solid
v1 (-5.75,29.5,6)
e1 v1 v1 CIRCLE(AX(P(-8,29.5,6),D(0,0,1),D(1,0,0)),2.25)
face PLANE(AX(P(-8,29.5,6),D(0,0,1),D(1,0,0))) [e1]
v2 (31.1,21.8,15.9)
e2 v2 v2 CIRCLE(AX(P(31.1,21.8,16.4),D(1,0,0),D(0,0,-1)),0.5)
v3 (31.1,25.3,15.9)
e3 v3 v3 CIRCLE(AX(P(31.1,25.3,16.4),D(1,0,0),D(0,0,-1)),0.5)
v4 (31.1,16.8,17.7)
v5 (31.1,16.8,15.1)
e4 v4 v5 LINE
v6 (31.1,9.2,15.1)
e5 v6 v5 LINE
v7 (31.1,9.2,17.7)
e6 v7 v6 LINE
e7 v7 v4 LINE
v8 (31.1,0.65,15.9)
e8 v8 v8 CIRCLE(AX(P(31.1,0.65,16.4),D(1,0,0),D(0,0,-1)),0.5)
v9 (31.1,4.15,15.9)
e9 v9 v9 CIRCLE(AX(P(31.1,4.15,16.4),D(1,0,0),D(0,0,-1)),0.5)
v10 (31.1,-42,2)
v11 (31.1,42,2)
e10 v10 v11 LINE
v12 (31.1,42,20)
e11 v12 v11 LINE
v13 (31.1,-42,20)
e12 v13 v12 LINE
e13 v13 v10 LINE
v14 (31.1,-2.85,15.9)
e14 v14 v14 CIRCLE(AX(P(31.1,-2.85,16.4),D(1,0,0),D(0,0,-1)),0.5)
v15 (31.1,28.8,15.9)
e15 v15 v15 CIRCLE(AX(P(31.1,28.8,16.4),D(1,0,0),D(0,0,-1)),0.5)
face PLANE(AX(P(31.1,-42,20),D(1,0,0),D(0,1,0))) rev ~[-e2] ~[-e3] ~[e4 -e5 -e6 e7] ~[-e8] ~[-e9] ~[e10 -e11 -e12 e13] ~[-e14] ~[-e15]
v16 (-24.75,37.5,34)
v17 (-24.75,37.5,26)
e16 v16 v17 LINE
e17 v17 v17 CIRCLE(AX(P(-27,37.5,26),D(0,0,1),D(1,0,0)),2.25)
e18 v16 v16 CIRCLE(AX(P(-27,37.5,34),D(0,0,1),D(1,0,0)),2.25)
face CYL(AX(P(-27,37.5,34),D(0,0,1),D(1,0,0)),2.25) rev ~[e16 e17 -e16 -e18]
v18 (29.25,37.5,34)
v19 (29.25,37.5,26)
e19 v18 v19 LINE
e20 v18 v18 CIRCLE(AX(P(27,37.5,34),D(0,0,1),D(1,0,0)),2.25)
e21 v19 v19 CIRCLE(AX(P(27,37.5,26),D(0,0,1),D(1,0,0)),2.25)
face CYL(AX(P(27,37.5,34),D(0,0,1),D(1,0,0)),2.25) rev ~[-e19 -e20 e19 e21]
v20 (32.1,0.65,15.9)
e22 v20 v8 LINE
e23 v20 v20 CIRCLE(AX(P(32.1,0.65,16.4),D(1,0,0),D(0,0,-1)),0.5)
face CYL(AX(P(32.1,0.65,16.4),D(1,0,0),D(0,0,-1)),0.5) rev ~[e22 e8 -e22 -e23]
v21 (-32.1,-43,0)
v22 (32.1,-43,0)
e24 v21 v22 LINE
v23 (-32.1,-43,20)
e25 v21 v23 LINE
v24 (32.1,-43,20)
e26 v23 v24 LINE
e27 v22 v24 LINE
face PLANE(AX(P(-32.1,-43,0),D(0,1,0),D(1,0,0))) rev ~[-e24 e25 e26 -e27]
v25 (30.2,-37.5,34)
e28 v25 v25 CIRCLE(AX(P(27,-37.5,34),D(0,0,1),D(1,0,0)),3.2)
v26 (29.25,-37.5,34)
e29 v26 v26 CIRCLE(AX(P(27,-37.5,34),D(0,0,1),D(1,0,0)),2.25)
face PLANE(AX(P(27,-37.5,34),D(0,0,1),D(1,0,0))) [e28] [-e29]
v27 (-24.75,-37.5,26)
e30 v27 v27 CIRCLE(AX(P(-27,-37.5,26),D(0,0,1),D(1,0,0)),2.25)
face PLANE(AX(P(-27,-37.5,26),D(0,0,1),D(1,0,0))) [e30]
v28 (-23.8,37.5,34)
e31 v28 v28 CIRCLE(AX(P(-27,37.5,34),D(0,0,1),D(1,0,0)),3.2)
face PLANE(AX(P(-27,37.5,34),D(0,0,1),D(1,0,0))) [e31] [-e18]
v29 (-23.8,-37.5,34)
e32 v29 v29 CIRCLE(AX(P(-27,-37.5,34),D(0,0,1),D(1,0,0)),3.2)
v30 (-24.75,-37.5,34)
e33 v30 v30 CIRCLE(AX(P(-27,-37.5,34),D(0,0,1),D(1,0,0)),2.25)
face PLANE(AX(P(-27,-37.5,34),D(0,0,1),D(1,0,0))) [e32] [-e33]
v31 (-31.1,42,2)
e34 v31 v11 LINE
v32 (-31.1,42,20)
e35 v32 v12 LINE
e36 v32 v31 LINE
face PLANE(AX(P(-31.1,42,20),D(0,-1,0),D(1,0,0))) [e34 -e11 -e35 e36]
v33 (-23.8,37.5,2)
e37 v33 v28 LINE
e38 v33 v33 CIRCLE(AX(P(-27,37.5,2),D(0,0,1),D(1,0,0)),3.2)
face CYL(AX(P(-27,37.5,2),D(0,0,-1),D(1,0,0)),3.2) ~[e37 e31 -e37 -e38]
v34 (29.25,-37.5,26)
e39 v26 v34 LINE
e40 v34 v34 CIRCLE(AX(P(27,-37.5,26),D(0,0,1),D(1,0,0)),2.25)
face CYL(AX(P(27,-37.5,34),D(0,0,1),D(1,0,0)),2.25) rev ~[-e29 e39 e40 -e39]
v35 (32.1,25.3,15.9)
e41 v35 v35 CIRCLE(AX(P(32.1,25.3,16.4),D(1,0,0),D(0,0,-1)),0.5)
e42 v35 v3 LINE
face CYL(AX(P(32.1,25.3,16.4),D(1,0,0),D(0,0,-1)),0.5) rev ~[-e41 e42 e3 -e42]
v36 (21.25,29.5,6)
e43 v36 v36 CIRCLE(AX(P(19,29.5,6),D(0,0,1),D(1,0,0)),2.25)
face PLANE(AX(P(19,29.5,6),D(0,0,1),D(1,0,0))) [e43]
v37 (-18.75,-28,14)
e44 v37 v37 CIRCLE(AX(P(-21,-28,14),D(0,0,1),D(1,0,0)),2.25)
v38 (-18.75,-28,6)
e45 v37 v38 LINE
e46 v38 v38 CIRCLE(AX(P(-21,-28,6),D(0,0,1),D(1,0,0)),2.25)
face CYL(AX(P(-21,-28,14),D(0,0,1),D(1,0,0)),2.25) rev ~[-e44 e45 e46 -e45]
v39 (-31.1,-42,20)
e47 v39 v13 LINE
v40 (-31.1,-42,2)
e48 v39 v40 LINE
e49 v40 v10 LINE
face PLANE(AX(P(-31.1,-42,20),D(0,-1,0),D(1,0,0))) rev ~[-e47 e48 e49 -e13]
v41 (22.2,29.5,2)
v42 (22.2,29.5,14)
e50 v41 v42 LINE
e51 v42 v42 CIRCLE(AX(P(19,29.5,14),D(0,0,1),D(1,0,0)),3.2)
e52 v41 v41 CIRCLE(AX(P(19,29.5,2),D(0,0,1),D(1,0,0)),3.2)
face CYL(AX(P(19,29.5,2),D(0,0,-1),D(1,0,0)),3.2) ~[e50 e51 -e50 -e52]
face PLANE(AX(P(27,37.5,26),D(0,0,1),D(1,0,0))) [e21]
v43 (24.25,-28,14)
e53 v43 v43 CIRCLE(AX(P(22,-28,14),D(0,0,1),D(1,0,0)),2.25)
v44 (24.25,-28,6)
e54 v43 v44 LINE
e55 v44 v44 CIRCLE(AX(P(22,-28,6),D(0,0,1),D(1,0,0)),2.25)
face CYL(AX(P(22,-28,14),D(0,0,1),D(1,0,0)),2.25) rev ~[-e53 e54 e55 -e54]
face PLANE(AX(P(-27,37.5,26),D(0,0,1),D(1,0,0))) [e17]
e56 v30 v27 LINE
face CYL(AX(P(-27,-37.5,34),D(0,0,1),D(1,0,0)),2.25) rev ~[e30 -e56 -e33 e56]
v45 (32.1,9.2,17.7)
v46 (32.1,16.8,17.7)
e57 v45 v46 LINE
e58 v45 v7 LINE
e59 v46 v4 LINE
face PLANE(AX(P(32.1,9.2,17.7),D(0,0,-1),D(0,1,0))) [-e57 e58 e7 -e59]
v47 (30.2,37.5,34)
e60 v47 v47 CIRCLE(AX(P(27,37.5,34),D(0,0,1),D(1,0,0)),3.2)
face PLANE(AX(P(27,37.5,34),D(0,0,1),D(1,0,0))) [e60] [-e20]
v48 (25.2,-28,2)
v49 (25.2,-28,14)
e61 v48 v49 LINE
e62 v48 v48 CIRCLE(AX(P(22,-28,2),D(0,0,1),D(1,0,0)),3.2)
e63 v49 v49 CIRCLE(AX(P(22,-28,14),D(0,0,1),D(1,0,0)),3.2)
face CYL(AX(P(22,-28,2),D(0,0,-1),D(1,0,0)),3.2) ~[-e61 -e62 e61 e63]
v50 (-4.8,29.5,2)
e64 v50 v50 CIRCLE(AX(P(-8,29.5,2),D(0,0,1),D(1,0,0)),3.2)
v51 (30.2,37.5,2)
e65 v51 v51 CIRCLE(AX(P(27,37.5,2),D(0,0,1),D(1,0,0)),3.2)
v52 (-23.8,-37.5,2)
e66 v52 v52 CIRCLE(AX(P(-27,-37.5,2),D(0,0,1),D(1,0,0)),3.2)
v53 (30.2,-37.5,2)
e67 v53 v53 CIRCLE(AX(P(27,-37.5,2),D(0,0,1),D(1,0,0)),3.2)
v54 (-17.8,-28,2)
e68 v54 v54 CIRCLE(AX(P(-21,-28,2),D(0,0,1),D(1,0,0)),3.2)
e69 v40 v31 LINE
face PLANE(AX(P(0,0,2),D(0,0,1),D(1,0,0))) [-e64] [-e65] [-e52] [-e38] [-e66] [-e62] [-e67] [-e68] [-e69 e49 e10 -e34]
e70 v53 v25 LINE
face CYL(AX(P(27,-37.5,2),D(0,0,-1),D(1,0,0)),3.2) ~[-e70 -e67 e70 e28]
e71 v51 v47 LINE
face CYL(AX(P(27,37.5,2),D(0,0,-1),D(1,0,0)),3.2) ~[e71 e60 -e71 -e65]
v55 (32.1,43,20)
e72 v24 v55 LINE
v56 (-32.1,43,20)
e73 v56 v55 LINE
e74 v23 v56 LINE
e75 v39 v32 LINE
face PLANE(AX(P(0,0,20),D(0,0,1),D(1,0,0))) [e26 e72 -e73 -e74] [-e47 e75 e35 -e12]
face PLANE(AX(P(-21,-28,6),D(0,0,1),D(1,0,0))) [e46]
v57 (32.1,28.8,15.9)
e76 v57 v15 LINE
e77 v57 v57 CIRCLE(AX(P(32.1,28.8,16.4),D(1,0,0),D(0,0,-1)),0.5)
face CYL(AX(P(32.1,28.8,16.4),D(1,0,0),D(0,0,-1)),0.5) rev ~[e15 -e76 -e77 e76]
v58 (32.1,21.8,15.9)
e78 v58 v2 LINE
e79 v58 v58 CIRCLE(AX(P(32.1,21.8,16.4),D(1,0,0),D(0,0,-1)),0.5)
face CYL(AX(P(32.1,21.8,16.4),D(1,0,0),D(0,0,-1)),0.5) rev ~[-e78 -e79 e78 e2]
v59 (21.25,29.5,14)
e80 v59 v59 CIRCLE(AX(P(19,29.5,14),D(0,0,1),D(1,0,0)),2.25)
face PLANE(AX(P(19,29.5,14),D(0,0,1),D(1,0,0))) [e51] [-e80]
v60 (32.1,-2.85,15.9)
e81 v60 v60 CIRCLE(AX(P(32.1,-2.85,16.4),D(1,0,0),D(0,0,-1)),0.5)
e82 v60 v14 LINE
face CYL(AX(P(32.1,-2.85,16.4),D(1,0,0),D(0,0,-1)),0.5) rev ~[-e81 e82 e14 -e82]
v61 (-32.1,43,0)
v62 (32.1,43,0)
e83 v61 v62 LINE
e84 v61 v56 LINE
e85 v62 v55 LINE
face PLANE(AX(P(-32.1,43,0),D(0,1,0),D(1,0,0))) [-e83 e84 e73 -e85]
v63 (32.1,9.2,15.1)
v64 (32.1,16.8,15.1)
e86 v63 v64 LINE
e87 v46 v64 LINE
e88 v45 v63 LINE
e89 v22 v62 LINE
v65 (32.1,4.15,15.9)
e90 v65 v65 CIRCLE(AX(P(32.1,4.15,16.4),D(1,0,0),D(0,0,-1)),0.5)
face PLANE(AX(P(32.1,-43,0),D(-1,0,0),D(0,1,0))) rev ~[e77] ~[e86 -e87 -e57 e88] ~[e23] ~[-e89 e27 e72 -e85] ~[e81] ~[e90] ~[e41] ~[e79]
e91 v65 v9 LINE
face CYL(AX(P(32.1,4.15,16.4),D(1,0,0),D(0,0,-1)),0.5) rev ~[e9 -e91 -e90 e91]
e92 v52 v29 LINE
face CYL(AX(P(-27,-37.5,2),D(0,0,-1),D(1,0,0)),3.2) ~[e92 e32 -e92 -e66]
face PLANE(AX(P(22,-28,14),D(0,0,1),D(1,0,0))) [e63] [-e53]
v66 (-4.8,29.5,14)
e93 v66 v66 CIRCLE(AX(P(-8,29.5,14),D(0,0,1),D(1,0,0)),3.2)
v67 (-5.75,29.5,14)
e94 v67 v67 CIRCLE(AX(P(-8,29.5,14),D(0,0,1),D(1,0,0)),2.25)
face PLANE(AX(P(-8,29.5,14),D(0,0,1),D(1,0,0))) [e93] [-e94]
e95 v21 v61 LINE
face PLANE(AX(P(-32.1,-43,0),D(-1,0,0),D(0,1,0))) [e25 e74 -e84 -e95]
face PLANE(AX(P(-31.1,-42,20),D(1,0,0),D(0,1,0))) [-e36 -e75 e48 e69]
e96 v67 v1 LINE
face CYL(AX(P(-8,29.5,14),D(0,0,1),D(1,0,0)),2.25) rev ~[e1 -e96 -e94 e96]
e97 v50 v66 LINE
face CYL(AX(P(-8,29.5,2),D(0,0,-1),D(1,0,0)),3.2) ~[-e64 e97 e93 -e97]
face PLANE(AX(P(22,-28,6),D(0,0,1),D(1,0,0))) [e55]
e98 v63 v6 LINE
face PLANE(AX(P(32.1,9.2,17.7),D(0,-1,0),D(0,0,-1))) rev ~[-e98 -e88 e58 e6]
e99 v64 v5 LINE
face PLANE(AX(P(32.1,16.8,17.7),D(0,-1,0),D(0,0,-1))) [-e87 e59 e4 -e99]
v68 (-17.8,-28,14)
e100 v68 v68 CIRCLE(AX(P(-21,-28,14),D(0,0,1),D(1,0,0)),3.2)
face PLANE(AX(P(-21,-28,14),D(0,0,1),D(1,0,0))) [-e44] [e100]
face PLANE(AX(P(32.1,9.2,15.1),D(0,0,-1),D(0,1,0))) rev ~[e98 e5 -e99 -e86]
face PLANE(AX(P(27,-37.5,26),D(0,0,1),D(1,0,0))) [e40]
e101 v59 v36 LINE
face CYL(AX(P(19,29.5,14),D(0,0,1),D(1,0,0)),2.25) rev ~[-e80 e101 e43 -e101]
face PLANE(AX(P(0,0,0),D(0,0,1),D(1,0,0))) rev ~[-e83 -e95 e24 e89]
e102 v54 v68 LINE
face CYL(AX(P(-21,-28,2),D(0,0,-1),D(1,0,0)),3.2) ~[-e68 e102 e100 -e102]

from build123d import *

# Parameters (mm, degrees)
SKETCH_1_W          = 64.2
SKETCH_1_H          = 86
EXTRUDE_1_DEPTH     = 20
SKETCH_2_W          = 62.2
SKETCH_2_H          = 84
CUT_EXTRUDE_1_DEPTH = 18
SKETCH_3_R          = 3.2
EXTRUDE_2_DEPTH     = 12
SKETCH_6_R          = 2.25
CUT_EXTRUDE_4_DEPTH = 8
SKETCH_7_R          = 3.2
EXTRUDE_3_DEPTH     = 32
SKETCH_8_R          = 2.25
CUT_EXTRUDE_5_DEPTH = 8
SKETCH_11_R         = 0.5
SKETCH_11_W         = 2.6
SKETCH_11_H         = 7.6
CUT_EXTRUDE_6_DEPTH = 2


with BuildPart() as part:
    # Эскиз1 → Бобышка-Вытянуть1 (new body)
    with BuildSketch(Plane.XY):
        Rectangle(SKETCH_1_W, SKETCH_1_H)
    extrude(amount=EXTRUDE_1_DEPTH)

    # Эскиз2 → Вырез-Вытянуть1 (cut)
    with BuildSketch(Plane.XY.offset(20)):
        Rectangle(SKETCH_2_W, SKETCH_2_H)
    extrude(amount=-CUT_EXTRUDE_1_DEPTH, mode=Mode.SUBTRACT)

    # Эскиз3 → Бобышка-Вытянуть2 (add)
    with BuildSketch(Plane.XY.offset(2)):
        with Locations((-21, -28)):
            Circle(SKETCH_3_R)
        with Locations((22, -28)):
            Circle(SKETCH_3_R)
        with Locations((19, 29.5)):
            Circle(SKETCH_3_R)
        with Locations((-8, 29.5)):
            Circle(SKETCH_3_R)
    extrude(amount=EXTRUDE_2_DEPTH)

    # Эскиз6 → Вырез-Вытянуть4 (cut)
    with BuildSketch(Plane.XY.offset(14)):
        with Locations((-21, -28)):
            Circle(SKETCH_6_R)
        with Locations((-8, 29.5)):
            Circle(SKETCH_6_R)
        with Locations((19, 29.5)):
            Circle(SKETCH_6_R)
        with Locations((22, -28)):
            Circle(SKETCH_6_R)
    extrude(amount=-CUT_EXTRUDE_4_DEPTH, mode=Mode.SUBTRACT)

    # Эскиз7 → Бобышка-Вытянуть3 (add)
    with BuildSketch(Plane.XY.offset(2)):
        with Locations((-27, -37.5)):
            Circle(SKETCH_7_R)
        with Locations((27, -37.5)):
            Circle(SKETCH_7_R)
        with Locations((-27, 37.5)):
            Circle(SKETCH_7_R)
        with Locations((27, 37.5)):
            Circle(SKETCH_7_R)
    extrude(amount=EXTRUDE_3_DEPTH)

    # Эскиз8 → Вырез-Вытянуть5 (cut)
    with BuildSketch(Plane.XY.offset(34)):
        with Locations((-27, 37.5)):
            Circle(SKETCH_8_R)
        with Locations((27, 37.5)):
            Circle(SKETCH_8_R)
        with Locations((27, -37.5)):
            Circle(SKETCH_8_R)
        with Locations((-27, -37.5)):
            Circle(SKETCH_8_R)
    extrude(amount=-CUT_EXTRUDE_5_DEPTH, mode=Mode.SUBTRACT)

    # Эскиз11 → Вырез-Вытянуть6 (cut)
    with BuildSketch(Plane(origin=(32.1, 0, 0), x_dir=(0, 0, -1), z_dir=(1, 0, 0))):
        with Locations((-16.4, 21.8)):
            Circle(SKETCH_11_R)
        with Locations((-16.4, 25.3)):
            Circle(SKETCH_11_R)
        with Locations((-16.4, 28.8)):
            Circle(SKETCH_11_R)
        with Locations((-16.4, 0.65)):
            Circle(SKETCH_11_R)
        with Locations((-16.4, 4.15)):
            Circle(SKETCH_11_R)
        with Locations((-16.4, -2.85)):
            Circle(SKETCH_11_R)
        with Locations((-16.4, 13)):
            Rectangle(SKETCH_11_W, SKETCH_11_H)
    extrude(amount=-CUT_EXTRUDE_6_DEPTH, mode=Mode.SUBTRACT)


solid = part.part
